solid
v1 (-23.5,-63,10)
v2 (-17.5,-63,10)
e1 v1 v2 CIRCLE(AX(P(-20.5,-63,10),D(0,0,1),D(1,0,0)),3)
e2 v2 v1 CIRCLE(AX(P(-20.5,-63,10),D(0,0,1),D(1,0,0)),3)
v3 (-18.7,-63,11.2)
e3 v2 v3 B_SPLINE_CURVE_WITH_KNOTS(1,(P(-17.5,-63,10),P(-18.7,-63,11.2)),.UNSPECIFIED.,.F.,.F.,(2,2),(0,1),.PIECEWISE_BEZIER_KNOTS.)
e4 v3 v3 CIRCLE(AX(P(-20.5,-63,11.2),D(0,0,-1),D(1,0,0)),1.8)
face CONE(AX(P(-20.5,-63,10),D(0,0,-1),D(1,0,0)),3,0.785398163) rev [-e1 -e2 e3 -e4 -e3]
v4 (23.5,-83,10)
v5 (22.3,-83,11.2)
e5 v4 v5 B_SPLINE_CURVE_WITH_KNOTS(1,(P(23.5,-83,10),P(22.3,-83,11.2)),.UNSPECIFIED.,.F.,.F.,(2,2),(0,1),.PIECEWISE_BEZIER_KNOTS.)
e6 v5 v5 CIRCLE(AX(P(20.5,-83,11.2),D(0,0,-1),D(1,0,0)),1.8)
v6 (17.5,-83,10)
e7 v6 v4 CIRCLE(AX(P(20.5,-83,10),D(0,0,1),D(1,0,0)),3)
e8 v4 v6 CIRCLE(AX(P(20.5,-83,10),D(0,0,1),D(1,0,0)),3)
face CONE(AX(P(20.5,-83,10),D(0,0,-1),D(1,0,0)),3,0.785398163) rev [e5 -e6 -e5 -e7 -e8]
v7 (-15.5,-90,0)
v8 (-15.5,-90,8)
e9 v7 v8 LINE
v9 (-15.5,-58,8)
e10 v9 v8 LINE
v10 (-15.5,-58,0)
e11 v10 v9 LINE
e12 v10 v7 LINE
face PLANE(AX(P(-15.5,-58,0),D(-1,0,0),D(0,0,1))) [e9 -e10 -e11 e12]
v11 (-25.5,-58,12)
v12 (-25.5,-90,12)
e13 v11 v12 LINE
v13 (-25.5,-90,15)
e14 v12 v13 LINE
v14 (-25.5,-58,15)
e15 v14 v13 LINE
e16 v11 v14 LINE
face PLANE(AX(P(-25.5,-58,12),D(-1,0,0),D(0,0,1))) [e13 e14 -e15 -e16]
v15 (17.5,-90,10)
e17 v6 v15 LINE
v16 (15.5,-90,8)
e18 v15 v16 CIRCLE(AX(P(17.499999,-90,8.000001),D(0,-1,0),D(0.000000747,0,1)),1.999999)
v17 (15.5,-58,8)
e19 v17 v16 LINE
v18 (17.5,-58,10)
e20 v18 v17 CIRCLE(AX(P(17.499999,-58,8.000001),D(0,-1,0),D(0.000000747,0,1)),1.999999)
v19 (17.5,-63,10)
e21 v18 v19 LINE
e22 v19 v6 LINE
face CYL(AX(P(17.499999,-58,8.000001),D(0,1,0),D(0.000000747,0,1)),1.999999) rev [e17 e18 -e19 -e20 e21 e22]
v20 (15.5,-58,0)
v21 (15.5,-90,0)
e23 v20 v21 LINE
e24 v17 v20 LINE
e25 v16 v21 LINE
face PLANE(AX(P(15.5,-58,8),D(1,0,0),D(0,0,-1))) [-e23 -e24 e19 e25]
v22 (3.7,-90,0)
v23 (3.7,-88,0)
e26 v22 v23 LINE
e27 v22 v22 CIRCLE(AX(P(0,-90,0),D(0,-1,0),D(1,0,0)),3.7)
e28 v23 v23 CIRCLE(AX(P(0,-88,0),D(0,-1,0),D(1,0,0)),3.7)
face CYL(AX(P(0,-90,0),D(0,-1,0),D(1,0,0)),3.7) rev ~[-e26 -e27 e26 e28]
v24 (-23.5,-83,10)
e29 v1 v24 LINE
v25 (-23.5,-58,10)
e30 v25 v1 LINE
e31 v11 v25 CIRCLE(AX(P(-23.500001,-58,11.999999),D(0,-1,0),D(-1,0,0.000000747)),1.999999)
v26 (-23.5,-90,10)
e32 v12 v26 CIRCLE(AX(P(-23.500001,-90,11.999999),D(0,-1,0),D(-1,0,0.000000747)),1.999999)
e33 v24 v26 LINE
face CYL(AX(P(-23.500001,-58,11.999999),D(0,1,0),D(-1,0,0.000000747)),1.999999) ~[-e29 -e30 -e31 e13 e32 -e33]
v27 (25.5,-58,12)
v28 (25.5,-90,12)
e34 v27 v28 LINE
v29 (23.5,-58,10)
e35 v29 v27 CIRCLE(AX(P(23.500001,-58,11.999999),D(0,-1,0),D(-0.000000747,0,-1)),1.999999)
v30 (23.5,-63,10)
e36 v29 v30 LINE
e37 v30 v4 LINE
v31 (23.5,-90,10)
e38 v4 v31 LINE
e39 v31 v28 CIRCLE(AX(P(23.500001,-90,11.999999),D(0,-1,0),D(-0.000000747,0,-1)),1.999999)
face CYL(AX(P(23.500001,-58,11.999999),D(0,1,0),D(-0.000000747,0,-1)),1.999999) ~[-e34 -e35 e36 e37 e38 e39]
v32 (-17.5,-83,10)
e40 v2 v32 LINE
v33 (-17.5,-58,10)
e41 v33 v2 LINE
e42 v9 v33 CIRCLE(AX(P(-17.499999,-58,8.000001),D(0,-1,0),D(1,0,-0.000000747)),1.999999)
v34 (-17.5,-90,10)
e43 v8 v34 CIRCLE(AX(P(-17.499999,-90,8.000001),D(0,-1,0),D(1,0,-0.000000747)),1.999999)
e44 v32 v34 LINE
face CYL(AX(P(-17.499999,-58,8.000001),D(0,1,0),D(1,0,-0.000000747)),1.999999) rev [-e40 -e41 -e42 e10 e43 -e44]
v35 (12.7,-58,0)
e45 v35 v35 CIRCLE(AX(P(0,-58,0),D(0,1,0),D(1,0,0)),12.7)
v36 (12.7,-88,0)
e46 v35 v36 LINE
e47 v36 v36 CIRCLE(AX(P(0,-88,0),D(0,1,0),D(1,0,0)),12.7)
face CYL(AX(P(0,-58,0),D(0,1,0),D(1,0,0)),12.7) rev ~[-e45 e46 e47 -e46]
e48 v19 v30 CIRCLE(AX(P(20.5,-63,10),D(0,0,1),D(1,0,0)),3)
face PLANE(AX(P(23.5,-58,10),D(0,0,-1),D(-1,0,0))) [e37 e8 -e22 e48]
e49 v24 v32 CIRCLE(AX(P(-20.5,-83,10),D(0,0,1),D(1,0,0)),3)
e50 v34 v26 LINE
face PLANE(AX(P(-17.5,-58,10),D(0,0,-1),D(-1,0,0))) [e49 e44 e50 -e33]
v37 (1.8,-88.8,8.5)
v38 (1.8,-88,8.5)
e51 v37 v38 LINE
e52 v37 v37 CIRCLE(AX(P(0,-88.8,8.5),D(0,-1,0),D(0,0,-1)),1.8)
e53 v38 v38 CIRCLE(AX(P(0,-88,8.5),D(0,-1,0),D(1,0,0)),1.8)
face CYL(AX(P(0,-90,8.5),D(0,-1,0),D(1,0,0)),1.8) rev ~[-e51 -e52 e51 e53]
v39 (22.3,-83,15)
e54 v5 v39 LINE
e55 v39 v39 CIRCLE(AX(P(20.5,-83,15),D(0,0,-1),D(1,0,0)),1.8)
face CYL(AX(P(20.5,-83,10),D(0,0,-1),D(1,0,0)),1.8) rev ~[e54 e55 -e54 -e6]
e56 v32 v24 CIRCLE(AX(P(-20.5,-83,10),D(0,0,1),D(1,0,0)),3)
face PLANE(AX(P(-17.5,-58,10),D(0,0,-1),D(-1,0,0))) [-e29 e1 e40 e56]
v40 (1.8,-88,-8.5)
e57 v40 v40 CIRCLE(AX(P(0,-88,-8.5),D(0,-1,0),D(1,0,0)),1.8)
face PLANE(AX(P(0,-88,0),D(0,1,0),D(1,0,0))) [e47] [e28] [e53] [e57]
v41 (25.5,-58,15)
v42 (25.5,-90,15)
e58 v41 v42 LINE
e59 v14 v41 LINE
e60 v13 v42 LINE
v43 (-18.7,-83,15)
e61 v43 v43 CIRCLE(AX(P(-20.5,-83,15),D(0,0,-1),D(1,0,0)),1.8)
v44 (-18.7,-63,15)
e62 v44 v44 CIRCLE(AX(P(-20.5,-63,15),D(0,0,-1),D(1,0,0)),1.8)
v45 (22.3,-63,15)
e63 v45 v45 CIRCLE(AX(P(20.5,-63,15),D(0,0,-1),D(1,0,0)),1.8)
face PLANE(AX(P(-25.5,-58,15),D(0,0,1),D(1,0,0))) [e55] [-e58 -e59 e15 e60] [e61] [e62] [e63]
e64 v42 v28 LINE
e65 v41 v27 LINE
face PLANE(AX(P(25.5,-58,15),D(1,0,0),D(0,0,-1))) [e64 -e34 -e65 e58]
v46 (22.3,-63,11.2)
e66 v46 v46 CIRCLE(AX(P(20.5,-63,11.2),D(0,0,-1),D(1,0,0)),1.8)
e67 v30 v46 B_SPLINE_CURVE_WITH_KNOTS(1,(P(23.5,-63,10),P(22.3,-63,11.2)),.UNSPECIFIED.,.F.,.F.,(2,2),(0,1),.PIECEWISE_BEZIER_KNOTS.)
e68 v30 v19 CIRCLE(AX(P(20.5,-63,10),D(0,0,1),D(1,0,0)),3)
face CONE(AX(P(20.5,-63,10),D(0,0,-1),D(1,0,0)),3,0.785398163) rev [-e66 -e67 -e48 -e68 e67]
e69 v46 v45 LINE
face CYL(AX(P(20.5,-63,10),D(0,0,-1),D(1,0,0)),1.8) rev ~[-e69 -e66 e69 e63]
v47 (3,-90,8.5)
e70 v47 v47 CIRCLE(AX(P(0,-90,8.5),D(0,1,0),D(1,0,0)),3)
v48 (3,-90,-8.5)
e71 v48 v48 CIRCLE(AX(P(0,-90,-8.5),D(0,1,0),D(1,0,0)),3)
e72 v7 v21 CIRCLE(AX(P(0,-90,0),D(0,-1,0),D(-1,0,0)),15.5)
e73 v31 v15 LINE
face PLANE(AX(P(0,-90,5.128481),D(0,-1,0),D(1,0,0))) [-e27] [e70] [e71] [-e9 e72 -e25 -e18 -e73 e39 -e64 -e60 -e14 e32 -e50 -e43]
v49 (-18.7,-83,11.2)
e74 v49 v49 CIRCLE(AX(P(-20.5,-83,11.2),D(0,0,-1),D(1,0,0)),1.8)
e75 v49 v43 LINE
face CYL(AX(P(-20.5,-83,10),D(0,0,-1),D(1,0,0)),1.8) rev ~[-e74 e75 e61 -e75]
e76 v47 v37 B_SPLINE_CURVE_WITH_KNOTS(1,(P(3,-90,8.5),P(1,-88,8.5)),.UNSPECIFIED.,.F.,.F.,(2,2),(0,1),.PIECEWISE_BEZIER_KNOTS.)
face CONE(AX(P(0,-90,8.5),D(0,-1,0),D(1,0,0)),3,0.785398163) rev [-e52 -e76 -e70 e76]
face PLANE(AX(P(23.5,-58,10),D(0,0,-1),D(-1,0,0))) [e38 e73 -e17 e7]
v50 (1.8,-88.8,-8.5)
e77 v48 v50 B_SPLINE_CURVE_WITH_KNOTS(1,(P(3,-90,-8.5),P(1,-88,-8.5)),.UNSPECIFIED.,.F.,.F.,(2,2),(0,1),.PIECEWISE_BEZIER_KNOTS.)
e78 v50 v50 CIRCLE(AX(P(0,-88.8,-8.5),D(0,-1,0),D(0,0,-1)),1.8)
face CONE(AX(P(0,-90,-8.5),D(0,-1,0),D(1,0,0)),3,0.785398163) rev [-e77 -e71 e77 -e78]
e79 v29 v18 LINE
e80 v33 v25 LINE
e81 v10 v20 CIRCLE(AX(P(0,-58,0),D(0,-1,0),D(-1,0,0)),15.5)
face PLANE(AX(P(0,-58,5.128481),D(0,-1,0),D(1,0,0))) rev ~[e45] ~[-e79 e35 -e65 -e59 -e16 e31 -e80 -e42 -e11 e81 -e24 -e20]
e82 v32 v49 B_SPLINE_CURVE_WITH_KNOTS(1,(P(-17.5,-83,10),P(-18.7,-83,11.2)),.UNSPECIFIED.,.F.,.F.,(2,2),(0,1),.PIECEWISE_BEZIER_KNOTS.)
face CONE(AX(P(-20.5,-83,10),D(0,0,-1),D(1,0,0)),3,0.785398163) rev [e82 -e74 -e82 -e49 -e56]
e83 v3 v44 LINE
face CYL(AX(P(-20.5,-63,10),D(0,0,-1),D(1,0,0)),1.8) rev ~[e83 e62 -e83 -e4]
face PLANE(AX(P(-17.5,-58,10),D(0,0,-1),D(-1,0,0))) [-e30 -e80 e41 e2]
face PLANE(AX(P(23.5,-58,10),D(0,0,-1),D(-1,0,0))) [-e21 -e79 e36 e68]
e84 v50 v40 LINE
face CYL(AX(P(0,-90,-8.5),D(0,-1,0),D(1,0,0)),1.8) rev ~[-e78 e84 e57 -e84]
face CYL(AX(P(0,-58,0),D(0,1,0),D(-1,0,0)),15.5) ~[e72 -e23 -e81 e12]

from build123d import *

# Parameters (mm, degrees)
PAD001_START    = 60
PAD001_DEPTH    = 32
SKETCH002_R     = 12.7
POCKET_DEPTH    = 30
SKETCH003_R     = 1.8
SKETCH003_R_2   = 3.7
POCKET001_DEPTH = 2
SKETCH004_R     = 1.8
POCKET002_DEPTH = 5.001
SKETCH010_R     = 3
POCKET006_DEPTH = 1.2
POCKET006_TAPER = 45
SKETCH033_R     = 3
POCKET020_DEPTH = 2
POCKET020_TAPER = 45


with BuildPart() as part:
    # Sketch001 → Pad001 (new body)
    with BuildSketch(Plane.XZ.offset(PAD001_START)):
        with BuildLine():
            ThreePointArc((-15.5, 0), (0, -15.5), (15.5, 0))
            Line((15.5, 8), (15.5, 0))
            ThreePointArc((17.5, 10), (16.085786, 9.414214), (15.5, 8))
            Line((23.5, 10), (17.5, 10))
            ThreePointArc((23.5, 10), (24.914214, 10.585786), (25.5, 12))
            Line((25.5, 15), (25.5, 12))
            Line((-25.5, 15), (25.5, 15))
            Line((-25.5, 12), (-25.5, 15))
            ThreePointArc((-25.5, 12), (-24.914214, 10.585786), (-23.5, 10))
            Line((-17.5, 10), (-23.5, 10))
            ThreePointArc((-15.5, 8), (-16.085786, 9.414214), (-17.5, 10))
            Line((-15.5, 0), (-15.5, 8))
        make_face()
    extrude(amount=PAD001_DEPTH)

    # Sketch002 (on Face13 of Pad001) → Pocket (cut)
    with BuildSketch(Plane(origin=(0, -60, 0), x_dir=(1, 0, 0), z_dir=(0, 1, 0))):
        Circle(SKETCH002_R)
    extrude(amount=-POCKET_DEPTH, mode=Mode.SUBTRACT)

    # Sketch003 (on Face5 of Pocket) → Pocket001 (cut)
    with BuildSketch(Plane.XZ.offset(92)):
        with Locations((0, 8.5)):
            Circle(SKETCH003_R)
        with Locations((0, -8.5)):
            Circle(SKETCH003_R)
        Circle(SKETCH003_R_2)
    extrude(amount=-POCKET001_DEPTH, mode=Mode.SUBTRACT)

    # Sketch004 (on Face3 of Pocket001) → Pocket002 (cut, through all)
    with BuildSketch(Plane(origin=(0, 0, 10), x_dir=(1, 0, 0), z_dir=(0, 0, -1))):
        with Locations((-20.5, 85)):
            Circle(SKETCH004_R)
        with Locations((-20.5, 65)):
            Circle(SKETCH004_R)
        with Locations((20.5, 65)):
            Circle(SKETCH004_R)
        with Locations((20.5, 85)):
            Circle(SKETCH004_R)
    extrude(amount=-POCKET002_DEPTH, mode=Mode.SUBTRACT)

    # Sketch010 (on Face3 of Pocket002) → Pocket006 (cut)
    with BuildSketch(Plane(origin=(0, 0, 10), x_dir=(1, 0, 0), z_dir=(0, 0, -1))):
        with Locations((-20.5, 85)):
            Circle(SKETCH010_R)
        with Locations((20.5, 85)):
            Circle(SKETCH010_R)
        with Locations((20.5, 65)):
            Circle(SKETCH010_R)
        with Locations((-20.5, 65)):
            Circle(SKETCH010_R)
    extrude(amount=-POCKET006_DEPTH, taper=POCKET006_TAPER, mode=Mode.SUBTRACT)

    # Sketch033 (on Face7 of Pocket006) → Pocket020 (cut)
    with BuildSketch(Plane.XZ.offset(92)):
        with Locations((0, 8.5)):
            Circle(SKETCH033_R)
        with Locations((0, -8.5)):
            Circle(SKETCH033_R)
    extrude(amount=-POCKET020_DEPTH, taper=POCKET020_TAPER, mode=Mode.SUBTRACT)


with BuildPart() as part_1:
    # Body001 placement: moved
    add(part.part.moved(Location((0, 2, 0))))


solid = part_1.part
